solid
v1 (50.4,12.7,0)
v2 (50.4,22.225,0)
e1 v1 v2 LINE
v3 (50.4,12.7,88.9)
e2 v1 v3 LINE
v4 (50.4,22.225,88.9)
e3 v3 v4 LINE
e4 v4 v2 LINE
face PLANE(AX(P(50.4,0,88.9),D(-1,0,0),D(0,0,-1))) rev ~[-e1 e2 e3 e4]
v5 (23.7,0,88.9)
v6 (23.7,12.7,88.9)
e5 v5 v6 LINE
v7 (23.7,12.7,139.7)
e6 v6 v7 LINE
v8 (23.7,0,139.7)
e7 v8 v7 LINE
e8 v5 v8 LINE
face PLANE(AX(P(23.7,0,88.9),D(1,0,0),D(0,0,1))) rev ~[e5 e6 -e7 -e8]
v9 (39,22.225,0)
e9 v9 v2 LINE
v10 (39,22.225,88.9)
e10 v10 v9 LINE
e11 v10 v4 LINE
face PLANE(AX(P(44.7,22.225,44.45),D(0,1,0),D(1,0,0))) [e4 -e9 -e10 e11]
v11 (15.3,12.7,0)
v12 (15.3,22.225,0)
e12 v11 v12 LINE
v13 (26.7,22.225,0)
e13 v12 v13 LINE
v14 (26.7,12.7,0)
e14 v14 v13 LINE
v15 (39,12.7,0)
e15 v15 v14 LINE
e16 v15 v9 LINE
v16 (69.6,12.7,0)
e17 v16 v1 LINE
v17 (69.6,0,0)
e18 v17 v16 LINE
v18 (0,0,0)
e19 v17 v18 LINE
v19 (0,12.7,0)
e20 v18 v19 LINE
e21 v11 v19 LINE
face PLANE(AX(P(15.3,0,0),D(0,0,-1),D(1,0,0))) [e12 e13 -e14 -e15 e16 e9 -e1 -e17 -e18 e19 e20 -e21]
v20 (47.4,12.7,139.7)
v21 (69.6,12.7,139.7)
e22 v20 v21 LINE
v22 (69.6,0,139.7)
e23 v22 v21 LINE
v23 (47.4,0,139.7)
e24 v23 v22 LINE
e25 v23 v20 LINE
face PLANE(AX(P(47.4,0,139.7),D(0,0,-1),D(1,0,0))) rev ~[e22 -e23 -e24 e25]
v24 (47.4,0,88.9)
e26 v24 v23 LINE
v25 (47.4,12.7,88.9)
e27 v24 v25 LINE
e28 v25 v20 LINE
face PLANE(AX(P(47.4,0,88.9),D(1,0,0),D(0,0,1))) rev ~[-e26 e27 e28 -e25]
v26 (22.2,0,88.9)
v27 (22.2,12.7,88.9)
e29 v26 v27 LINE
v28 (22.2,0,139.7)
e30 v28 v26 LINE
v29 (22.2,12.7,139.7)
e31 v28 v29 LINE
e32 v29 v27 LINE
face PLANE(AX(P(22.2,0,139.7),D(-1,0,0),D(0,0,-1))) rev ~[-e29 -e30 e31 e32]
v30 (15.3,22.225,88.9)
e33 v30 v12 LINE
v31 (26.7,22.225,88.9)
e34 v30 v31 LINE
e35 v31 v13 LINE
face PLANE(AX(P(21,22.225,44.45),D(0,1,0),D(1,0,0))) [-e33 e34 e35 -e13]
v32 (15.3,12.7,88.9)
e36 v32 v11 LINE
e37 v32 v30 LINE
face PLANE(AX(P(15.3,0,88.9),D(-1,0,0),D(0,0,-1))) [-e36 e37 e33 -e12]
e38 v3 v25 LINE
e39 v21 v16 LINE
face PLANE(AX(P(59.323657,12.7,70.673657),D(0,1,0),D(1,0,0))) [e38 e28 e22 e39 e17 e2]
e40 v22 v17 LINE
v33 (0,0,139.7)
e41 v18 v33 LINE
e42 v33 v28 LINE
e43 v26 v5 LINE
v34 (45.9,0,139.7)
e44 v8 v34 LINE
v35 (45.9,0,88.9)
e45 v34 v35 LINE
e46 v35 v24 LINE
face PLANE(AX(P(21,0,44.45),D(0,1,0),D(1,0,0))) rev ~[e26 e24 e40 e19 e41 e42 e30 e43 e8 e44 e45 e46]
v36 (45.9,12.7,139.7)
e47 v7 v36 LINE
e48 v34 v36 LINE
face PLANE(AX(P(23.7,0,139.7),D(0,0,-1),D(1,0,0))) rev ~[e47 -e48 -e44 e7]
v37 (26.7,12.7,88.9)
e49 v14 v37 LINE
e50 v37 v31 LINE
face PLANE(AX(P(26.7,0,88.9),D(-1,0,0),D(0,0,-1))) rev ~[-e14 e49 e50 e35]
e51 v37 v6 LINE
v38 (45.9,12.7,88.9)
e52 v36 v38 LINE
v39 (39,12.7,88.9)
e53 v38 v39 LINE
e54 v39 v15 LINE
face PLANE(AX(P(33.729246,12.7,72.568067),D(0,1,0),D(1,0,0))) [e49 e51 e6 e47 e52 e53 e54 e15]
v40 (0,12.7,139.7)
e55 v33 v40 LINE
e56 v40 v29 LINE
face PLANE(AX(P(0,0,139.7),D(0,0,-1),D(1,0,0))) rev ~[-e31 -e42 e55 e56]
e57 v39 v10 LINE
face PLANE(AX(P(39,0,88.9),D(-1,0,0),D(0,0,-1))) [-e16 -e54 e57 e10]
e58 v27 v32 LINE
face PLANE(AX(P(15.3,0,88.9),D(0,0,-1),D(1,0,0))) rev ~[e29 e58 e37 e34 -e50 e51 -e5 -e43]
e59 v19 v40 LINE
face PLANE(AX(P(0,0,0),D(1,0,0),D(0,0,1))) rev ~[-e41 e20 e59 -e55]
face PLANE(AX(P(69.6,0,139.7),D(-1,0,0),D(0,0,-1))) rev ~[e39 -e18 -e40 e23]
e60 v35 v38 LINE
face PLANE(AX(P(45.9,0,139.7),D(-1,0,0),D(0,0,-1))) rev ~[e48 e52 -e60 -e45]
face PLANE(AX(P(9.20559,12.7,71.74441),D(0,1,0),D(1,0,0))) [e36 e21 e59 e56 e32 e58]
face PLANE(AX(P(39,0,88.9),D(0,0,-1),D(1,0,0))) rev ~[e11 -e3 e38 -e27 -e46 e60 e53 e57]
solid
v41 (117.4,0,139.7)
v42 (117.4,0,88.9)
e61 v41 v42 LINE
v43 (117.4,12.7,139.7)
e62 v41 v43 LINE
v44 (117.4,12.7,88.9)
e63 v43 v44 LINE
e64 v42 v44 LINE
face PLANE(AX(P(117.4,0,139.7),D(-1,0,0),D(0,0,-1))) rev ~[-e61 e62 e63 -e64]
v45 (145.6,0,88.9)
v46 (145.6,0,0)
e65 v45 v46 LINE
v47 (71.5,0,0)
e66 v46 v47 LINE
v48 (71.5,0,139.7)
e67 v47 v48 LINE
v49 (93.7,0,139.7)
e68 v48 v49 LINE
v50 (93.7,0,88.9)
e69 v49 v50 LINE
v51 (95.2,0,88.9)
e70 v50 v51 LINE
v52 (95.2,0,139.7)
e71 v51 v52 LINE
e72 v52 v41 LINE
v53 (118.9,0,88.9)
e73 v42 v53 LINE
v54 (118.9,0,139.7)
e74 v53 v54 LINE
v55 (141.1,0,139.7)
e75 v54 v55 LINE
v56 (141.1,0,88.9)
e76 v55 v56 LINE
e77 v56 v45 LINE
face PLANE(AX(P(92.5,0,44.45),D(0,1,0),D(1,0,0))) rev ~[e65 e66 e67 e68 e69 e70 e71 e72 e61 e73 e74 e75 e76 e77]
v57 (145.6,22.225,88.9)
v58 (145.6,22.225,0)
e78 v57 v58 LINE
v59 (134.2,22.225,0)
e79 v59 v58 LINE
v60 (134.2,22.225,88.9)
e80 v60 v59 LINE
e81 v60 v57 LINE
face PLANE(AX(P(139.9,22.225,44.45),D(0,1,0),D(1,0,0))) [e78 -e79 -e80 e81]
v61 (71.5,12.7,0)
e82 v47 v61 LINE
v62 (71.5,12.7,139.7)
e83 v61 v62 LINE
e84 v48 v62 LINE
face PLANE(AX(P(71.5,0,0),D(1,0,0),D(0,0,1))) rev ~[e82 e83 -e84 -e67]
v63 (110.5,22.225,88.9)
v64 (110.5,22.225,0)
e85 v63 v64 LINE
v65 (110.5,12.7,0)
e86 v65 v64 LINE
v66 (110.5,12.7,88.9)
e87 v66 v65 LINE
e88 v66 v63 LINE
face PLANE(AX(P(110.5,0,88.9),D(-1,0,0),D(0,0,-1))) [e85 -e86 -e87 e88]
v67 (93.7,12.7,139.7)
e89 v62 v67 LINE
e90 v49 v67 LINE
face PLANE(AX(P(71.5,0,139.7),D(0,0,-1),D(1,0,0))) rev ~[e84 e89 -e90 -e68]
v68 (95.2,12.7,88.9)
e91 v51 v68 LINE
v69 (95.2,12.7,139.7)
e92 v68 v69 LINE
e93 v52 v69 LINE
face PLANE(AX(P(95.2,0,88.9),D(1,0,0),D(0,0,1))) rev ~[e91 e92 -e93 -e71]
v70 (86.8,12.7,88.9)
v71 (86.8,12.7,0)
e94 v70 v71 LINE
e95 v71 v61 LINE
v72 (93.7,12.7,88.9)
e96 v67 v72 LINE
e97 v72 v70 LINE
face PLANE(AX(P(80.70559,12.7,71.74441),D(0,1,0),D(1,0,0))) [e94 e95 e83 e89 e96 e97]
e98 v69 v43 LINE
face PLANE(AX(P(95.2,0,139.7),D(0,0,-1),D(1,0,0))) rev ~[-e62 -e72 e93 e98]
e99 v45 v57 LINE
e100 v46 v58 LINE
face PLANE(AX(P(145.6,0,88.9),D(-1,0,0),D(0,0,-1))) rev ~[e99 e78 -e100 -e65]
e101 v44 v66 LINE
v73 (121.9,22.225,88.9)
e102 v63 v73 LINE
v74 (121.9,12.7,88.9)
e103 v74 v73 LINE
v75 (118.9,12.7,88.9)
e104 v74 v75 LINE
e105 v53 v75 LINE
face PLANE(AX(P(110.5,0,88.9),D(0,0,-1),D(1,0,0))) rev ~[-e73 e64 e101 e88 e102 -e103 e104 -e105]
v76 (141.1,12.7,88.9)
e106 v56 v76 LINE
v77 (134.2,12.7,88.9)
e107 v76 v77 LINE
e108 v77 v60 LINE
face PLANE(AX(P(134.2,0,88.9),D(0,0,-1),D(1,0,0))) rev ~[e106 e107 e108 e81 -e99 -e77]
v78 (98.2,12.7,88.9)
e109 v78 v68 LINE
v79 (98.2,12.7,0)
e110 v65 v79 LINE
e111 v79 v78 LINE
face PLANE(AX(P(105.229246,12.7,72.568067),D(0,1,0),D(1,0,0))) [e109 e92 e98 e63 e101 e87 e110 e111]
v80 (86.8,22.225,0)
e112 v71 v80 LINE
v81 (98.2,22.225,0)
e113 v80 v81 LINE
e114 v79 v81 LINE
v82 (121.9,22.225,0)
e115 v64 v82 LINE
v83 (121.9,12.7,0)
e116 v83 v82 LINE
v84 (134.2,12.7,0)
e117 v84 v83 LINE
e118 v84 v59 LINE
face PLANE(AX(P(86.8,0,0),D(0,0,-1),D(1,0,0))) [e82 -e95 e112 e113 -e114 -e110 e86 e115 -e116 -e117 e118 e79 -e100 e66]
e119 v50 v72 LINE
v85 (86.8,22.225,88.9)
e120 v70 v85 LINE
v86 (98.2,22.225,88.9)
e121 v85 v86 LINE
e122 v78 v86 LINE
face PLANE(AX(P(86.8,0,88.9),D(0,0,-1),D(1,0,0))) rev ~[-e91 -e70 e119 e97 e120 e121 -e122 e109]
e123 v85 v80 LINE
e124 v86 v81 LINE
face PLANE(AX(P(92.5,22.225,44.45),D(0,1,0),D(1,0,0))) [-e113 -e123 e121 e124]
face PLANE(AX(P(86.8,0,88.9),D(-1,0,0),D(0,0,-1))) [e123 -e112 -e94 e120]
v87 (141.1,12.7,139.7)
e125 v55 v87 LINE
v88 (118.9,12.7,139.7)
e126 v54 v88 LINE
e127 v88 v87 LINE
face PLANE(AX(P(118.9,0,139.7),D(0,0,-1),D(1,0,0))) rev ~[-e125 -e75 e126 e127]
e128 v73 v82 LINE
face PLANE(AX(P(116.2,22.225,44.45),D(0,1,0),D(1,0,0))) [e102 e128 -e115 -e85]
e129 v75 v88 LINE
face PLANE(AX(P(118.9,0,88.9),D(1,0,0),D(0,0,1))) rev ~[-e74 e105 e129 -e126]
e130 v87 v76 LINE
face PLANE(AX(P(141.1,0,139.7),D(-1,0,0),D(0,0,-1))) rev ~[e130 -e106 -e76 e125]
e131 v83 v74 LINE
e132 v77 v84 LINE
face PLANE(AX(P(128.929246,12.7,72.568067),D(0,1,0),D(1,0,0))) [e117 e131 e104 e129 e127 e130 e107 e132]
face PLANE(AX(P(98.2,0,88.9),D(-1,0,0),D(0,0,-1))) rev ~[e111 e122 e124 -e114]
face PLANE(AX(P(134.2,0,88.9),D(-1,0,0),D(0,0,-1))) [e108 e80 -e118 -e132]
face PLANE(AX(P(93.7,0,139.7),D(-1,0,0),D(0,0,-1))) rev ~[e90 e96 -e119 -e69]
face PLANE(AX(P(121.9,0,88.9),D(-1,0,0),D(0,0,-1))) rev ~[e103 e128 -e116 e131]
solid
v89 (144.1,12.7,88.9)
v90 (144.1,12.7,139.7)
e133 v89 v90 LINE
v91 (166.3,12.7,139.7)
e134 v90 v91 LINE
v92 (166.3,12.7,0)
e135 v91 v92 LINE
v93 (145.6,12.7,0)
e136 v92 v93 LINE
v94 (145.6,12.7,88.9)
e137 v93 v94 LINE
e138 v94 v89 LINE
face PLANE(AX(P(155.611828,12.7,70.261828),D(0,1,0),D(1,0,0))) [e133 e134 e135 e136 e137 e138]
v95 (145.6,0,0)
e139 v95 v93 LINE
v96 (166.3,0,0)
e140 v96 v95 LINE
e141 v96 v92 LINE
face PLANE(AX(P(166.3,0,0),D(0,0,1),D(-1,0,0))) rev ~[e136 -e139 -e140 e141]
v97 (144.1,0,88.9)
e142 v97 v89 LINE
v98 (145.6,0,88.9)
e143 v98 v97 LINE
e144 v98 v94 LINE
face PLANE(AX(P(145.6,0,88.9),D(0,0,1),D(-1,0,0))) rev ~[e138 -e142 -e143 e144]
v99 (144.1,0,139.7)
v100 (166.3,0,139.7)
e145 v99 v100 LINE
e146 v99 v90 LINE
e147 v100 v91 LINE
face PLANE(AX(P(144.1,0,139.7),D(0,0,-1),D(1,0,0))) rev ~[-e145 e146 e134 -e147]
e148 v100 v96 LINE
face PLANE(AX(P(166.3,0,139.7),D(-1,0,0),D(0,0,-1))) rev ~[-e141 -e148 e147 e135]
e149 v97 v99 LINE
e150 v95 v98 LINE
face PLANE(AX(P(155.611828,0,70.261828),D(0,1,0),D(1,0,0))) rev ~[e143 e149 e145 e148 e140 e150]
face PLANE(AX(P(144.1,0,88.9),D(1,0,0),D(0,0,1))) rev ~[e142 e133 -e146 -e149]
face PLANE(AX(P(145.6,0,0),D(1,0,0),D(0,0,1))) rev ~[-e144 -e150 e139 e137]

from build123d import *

# Parameters (mm, degrees)
BOSS_EXTRUDE1_DEPTH   = 12.7
BOSS_EXTRUDE1_2_DEPTH = 12.7
BOSS_EXTRUDE1_3_DEPTH = 12.7
BOSS_EXTRUDE1_4_DEPTH = 12.7
BOSS_EXTRUDE1_5_DEPTH = 12.7
BOSS_EXTRUDE1_6_DEPTH = 12.7
BOSS_EXTRUDE1_7_DEPTH = 12.7
SKETCH1_4_W           = 11.4
SKETCH1_4_H           = 88.9
BOSS_EXTRUDE2_DEPTH   = 22.225


with BuildPart() as part:
    # Sketch1 → Boss-Extrude1 (new body)
    with BuildSketch(Plane(origin=(0, 0, 0), x_dir=(1, 0, 0), z_dir=(0, 1, 0))):
        Polygon((15.3, -88.9), (15.3, 0), (0, 0), (0, -139.7), (22.2, -139.7), (22.2, -88.9), align=None)
    extrude(amount=BOSS_EXTRUDE1_DEPTH)



with BuildPart() as body_2:
    # Sketch1 → Boss-Extrude1 2 (new body)
    with BuildSketch(Plane(origin=(0, 0, 0), x_dir=(1, 0, 0), z_dir=(0, 1, 0))):
        Polygon((39, 0), (26.7, 0), (26.7, -88.9), (23.7, -88.9), (23.7, -139.7), (45.9, -139.7), (45.9, -88.9), (39, -88.9), align=None)
    extrude(amount=BOSS_EXTRUDE1_2_DEPTH)


with BuildPart() as body_3:
    # Sketch1 → Boss-Extrude1 3 (new body)
    with BuildSketch(Plane(origin=(0, 0, 0), x_dir=(1, 0, 0), z_dir=(0, 1, 0))):
        Polygon((69.6, 0), (50.4, 0), (50.4, -88.9), (47.4, -88.9), (47.4, -139.7), (69.6, -139.7), align=None)
    extrude(amount=BOSS_EXTRUDE1_3_DEPTH)


with BuildPart() as body_4:
    # Sketch1 → Boss-Extrude1 4 (new body)
    with BuildSketch(Plane(origin=(0, 0, 0), x_dir=(1, 0, 0), z_dir=(0, 1, 0))):
        Polygon((86.8, -88.9), (86.8, 0), (71.5, 0), (71.5, -139.7), (93.7, -139.7), (93.7, -88.9), align=None)
    extrude(amount=BOSS_EXTRUDE1_4_DEPTH)


with BuildPart() as body_5:
    # Sketch1 → Boss-Extrude1 5 (new body)
    with BuildSketch(Plane(origin=(0, 0, 0), x_dir=(1, 0, 0), z_dir=(0, 1, 0))):
        Polygon((110.5, 0), (98.2, 0), (98.2, -88.9), (95.2, -88.9), (95.2, -139.7), (117.4, -139.7), (117.4, -88.9), (110.5, -88.9), align=None)
    extrude(amount=BOSS_EXTRUDE1_5_DEPTH)


with BuildPart() as body_6:
    # Sketch1 → Boss-Extrude1 6 (new body)
    with BuildSketch(Plane(origin=(0, 0, 0), x_dir=(1, 0, 0), z_dir=(0, 1, 0))):
        Polygon((134.2, 0), (121.9, 0), (121.9, -88.9), (118.9, -88.9), (118.9, -139.7), (141.1, -139.7), (141.1, -88.9), (134.2, -88.9), align=None)
    extrude(amount=BOSS_EXTRUDE1_6_DEPTH)


with BuildPart() as body_7:
    # Sketch1 → Boss-Extrude1 7 (new body)
    with BuildSketch(Plane(origin=(0, 0, 0), x_dir=(1, 0, 0), z_dir=(0, 1, 0))):
        Polygon((166.3, 0), (145.6, 0), (145.6, -88.9), (144.1, -88.9), (144.1, -139.7), (166.3, -139.7), align=None)
    extrude(amount=BOSS_EXTRUDE1_7_DEPTH)


with BuildPart() as part_1:
    add(part.part)

    add(body_2.part)  # Boss-Extrude2 merges body 2

    add(body_3.part)  # Boss-Extrude2 merges body 3

    add(body_4.part)  # Boss-Extrude2 merges body 4

    add(body_5.part)  # Boss-Extrude2 merges body 5

    add(body_6.part)  # Boss-Extrude2 merges body 6
    # Sketch1<4> → Boss-Extrude2 (add)
    with BuildSketch(Plane(origin=(0, 0, 0), x_dir=(1, 0, 0), z_dir=(0, 1, 0))):
        with Locations((21, -44.45)):
            Rectangle(SKETCH1_4_W, SKETCH1_4_H)
        with Locations((44.7, -44.45)):
            Rectangle(SKETCH1_4_W, SKETCH1_4_H)
        with Locations((92.5, -44.45)):
            Rectangle(SKETCH1_4_W, SKETCH1_4_H)
        with Locations((116.2, -44.45)):
            Rectangle(SKETCH1_4_W, SKETCH1_4_H)
        with Locations((139.9, -44.45)):
            Rectangle(SKETCH1_4_W, SKETCH1_4_H)
    extrude(amount=BOSS_EXTRUDE2_DEPTH)


solid = Compound([body_7.part, part_1.part])
